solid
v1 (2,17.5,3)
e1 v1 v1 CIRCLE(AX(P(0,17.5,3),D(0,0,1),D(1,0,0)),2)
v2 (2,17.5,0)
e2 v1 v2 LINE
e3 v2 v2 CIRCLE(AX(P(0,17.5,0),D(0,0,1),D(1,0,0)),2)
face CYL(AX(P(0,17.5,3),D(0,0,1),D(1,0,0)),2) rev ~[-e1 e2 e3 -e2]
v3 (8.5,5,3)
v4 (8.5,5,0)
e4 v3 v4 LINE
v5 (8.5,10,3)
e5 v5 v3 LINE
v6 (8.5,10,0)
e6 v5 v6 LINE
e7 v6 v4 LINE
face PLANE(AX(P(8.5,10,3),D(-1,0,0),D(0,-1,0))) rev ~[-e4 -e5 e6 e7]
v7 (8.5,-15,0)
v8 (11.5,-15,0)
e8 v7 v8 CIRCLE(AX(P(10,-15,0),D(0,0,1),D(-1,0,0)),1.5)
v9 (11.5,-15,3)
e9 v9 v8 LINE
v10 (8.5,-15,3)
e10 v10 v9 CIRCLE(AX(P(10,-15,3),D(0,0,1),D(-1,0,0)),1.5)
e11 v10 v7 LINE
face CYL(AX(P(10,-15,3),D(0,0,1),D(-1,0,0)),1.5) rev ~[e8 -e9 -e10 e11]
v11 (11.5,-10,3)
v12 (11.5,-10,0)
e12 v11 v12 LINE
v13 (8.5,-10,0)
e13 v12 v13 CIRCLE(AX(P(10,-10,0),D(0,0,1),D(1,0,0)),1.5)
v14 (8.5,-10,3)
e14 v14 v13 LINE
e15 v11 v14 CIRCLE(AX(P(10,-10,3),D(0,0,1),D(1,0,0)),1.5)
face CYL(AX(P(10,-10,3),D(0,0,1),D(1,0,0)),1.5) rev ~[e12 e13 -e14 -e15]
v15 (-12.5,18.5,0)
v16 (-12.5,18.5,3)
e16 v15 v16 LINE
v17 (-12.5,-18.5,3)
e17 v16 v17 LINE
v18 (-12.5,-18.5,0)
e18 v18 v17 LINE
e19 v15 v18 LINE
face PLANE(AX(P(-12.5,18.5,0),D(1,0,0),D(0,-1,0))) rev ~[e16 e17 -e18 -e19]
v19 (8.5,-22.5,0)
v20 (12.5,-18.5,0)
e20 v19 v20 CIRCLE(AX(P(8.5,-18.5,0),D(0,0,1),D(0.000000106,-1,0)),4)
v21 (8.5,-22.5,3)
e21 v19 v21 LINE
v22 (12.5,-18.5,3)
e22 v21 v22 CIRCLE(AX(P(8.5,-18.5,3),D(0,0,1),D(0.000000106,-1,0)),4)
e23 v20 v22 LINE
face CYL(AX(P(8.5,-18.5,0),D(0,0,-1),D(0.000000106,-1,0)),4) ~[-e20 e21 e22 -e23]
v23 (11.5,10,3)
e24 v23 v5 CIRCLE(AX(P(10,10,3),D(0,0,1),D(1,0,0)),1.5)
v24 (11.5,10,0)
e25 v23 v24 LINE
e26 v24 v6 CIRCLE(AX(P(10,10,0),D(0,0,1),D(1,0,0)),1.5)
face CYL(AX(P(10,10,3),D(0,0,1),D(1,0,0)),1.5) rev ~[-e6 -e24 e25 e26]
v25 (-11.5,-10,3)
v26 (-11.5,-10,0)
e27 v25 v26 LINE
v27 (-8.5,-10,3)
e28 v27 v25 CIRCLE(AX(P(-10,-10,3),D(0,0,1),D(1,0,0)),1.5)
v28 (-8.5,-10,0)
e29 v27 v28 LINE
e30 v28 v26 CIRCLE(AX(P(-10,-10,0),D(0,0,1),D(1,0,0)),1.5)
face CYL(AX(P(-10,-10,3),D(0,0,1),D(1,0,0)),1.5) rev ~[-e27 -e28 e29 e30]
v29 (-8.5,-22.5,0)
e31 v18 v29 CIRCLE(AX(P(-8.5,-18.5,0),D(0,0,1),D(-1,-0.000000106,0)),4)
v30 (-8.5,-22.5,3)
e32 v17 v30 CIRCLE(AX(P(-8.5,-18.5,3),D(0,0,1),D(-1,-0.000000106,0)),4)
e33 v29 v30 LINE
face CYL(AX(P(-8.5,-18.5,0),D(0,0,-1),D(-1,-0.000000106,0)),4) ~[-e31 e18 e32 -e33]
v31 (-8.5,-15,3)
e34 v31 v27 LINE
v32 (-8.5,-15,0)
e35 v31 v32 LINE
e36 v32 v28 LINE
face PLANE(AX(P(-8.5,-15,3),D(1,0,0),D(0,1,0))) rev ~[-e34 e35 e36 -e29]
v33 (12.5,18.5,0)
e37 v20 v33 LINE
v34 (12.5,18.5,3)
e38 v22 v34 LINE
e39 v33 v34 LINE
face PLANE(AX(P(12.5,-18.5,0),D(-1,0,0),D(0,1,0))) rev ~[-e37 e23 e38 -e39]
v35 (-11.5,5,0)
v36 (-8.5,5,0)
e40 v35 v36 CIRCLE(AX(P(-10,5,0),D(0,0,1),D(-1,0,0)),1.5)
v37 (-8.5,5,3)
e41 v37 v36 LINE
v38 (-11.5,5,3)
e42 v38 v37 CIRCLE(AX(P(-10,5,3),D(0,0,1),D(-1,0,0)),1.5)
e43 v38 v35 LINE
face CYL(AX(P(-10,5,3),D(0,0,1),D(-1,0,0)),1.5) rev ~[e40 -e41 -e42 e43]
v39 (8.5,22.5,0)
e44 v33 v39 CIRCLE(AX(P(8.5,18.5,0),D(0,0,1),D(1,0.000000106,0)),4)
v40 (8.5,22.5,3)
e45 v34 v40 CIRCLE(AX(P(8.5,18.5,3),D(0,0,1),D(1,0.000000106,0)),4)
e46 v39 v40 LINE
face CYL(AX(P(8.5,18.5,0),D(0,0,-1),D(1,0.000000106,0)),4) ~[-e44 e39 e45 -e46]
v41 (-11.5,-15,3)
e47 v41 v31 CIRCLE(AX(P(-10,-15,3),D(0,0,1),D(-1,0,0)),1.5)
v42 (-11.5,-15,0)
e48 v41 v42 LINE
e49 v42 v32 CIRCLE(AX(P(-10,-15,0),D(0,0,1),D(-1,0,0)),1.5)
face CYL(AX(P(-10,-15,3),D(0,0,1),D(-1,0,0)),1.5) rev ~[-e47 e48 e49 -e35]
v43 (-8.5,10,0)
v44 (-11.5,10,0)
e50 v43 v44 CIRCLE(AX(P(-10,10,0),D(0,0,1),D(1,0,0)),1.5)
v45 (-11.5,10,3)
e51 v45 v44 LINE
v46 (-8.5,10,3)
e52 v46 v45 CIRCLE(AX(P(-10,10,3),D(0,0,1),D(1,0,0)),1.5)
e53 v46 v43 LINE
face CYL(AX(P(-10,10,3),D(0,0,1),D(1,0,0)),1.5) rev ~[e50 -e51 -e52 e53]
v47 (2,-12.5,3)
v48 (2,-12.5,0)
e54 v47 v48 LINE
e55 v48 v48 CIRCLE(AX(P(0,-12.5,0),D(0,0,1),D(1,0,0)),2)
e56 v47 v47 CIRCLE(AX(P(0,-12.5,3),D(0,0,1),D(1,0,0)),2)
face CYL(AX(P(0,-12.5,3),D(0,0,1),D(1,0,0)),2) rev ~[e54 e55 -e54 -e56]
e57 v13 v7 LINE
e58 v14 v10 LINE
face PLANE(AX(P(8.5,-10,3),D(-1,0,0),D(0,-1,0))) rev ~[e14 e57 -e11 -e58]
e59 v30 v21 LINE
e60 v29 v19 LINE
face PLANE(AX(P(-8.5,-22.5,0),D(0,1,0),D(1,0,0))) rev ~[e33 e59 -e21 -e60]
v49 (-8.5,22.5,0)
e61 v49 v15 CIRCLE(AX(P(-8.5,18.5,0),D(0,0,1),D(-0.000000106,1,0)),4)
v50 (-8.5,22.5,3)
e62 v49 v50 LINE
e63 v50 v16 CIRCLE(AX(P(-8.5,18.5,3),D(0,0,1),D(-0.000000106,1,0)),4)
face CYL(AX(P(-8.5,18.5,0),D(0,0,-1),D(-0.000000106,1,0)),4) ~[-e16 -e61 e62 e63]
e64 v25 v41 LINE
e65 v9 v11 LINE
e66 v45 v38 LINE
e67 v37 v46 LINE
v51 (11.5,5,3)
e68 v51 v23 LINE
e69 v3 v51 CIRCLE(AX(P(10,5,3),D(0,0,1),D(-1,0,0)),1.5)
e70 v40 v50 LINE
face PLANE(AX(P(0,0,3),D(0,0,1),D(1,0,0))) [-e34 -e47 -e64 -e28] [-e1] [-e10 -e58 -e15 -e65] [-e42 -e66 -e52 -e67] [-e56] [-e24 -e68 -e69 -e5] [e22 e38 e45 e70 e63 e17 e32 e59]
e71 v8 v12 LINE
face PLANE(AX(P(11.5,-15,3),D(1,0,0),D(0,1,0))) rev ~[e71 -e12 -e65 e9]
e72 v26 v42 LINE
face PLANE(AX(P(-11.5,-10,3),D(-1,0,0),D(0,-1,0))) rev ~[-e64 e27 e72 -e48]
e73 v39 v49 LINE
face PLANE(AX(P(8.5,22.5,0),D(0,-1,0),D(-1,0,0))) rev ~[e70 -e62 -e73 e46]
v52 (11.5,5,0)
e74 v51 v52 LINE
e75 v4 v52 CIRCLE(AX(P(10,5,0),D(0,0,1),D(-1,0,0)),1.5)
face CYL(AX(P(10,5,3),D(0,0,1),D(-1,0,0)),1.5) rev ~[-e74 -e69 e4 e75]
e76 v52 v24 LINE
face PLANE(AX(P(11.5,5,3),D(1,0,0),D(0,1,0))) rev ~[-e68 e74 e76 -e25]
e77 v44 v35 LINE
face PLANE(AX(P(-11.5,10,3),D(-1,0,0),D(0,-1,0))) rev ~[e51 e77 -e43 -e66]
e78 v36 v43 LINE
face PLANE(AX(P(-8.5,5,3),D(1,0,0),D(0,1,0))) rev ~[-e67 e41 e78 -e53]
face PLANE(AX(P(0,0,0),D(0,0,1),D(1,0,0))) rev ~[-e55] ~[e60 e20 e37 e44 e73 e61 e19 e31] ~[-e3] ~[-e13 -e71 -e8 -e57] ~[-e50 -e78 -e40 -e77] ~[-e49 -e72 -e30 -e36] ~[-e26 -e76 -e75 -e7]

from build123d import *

# Parameters (mm, degrees)
F1_DEPTH = 3
F2_R     = 2
F3_DEPTH = 3


with BuildPart() as f1:
    # F0 (on Top) → F1 (new body)
    with BuildSketch(Plane.XY):
        with BuildLine():
            Line((-8.5, -22.5), (8.5, -22.5))
            ThreePointArc((8.5, -22.5), (11.328427, -21.328427), (12.5, -18.5))
            Line((12.5, -18.5), (12.5, 18.5))
            ThreePointArc((12.5, 18.5), (11.328427, 21.328427), (8.5, 22.5))
            Line((8.5, 22.5), (-8.5, 22.5))
            ThreePointArc((-8.5, 22.5), (-11.328427, 21.328427), (-12.5, 18.5))
            Line((-12.5, 18.5), (-12.5, -18.5))
            ThreePointArc((-12.5, -18.5), (-11.328427, -21.328427), (-8.5, -22.5))
        make_face()
    extrude(amount=F1_DEPTH)

    # F2 (on face) → F3 (cut, through all)
    with BuildSketch(Plane.XY.offset(3)):
        with Locations((0, -12.5)):
            Circle(F2_R)
        with Locations((0, 17.5)):
            Circle(F2_R)
        with BuildLine():
            ThreePointArc((-8.5, 10), (-10, 11.5), (-11.5, 10))
            Line((-11.5, 10), (-11.5, 5))
            ThreePointArc((-11.5, 5), (-10, 3.5), (-8.5, 5))
            Line((-8.5, 5), (-8.5, 10))
        make_face()
        with BuildLine():
            ThreePointArc((11.5, 10), (10, 11.5), (8.5, 10))
            Line((8.5, 10), (8.5, 5))
            ThreePointArc((8.5, 5), (10, 3.5), (11.5, 5))
            Line((11.5, 5), (11.5, 10))
        make_face()
        with BuildLine():
            ThreePointArc((11.5, -10), (10, -8.5), (8.5, -10))
            Line((8.5, -10), (8.5, -15))
            ThreePointArc((8.5, -15), (10, -16.5), (11.5, -15))
            Line((11.5, -15), (11.5, -10))
        make_face()
        with BuildLine():
            ThreePointArc((-8.5, -10), (-10, -8.5), (-11.5, -10))
            Line((-11.5, -10), (-11.5, -15))
            ThreePointArc((-11.5, -15), (-10, -16.5), (-8.5, -15))
            Line((-8.5, -15), (-8.5, -10))
        make_face()
    extrude(amount=-F3_DEPTH, mode=Mode.SUBTRACT)


solid = f1.part
